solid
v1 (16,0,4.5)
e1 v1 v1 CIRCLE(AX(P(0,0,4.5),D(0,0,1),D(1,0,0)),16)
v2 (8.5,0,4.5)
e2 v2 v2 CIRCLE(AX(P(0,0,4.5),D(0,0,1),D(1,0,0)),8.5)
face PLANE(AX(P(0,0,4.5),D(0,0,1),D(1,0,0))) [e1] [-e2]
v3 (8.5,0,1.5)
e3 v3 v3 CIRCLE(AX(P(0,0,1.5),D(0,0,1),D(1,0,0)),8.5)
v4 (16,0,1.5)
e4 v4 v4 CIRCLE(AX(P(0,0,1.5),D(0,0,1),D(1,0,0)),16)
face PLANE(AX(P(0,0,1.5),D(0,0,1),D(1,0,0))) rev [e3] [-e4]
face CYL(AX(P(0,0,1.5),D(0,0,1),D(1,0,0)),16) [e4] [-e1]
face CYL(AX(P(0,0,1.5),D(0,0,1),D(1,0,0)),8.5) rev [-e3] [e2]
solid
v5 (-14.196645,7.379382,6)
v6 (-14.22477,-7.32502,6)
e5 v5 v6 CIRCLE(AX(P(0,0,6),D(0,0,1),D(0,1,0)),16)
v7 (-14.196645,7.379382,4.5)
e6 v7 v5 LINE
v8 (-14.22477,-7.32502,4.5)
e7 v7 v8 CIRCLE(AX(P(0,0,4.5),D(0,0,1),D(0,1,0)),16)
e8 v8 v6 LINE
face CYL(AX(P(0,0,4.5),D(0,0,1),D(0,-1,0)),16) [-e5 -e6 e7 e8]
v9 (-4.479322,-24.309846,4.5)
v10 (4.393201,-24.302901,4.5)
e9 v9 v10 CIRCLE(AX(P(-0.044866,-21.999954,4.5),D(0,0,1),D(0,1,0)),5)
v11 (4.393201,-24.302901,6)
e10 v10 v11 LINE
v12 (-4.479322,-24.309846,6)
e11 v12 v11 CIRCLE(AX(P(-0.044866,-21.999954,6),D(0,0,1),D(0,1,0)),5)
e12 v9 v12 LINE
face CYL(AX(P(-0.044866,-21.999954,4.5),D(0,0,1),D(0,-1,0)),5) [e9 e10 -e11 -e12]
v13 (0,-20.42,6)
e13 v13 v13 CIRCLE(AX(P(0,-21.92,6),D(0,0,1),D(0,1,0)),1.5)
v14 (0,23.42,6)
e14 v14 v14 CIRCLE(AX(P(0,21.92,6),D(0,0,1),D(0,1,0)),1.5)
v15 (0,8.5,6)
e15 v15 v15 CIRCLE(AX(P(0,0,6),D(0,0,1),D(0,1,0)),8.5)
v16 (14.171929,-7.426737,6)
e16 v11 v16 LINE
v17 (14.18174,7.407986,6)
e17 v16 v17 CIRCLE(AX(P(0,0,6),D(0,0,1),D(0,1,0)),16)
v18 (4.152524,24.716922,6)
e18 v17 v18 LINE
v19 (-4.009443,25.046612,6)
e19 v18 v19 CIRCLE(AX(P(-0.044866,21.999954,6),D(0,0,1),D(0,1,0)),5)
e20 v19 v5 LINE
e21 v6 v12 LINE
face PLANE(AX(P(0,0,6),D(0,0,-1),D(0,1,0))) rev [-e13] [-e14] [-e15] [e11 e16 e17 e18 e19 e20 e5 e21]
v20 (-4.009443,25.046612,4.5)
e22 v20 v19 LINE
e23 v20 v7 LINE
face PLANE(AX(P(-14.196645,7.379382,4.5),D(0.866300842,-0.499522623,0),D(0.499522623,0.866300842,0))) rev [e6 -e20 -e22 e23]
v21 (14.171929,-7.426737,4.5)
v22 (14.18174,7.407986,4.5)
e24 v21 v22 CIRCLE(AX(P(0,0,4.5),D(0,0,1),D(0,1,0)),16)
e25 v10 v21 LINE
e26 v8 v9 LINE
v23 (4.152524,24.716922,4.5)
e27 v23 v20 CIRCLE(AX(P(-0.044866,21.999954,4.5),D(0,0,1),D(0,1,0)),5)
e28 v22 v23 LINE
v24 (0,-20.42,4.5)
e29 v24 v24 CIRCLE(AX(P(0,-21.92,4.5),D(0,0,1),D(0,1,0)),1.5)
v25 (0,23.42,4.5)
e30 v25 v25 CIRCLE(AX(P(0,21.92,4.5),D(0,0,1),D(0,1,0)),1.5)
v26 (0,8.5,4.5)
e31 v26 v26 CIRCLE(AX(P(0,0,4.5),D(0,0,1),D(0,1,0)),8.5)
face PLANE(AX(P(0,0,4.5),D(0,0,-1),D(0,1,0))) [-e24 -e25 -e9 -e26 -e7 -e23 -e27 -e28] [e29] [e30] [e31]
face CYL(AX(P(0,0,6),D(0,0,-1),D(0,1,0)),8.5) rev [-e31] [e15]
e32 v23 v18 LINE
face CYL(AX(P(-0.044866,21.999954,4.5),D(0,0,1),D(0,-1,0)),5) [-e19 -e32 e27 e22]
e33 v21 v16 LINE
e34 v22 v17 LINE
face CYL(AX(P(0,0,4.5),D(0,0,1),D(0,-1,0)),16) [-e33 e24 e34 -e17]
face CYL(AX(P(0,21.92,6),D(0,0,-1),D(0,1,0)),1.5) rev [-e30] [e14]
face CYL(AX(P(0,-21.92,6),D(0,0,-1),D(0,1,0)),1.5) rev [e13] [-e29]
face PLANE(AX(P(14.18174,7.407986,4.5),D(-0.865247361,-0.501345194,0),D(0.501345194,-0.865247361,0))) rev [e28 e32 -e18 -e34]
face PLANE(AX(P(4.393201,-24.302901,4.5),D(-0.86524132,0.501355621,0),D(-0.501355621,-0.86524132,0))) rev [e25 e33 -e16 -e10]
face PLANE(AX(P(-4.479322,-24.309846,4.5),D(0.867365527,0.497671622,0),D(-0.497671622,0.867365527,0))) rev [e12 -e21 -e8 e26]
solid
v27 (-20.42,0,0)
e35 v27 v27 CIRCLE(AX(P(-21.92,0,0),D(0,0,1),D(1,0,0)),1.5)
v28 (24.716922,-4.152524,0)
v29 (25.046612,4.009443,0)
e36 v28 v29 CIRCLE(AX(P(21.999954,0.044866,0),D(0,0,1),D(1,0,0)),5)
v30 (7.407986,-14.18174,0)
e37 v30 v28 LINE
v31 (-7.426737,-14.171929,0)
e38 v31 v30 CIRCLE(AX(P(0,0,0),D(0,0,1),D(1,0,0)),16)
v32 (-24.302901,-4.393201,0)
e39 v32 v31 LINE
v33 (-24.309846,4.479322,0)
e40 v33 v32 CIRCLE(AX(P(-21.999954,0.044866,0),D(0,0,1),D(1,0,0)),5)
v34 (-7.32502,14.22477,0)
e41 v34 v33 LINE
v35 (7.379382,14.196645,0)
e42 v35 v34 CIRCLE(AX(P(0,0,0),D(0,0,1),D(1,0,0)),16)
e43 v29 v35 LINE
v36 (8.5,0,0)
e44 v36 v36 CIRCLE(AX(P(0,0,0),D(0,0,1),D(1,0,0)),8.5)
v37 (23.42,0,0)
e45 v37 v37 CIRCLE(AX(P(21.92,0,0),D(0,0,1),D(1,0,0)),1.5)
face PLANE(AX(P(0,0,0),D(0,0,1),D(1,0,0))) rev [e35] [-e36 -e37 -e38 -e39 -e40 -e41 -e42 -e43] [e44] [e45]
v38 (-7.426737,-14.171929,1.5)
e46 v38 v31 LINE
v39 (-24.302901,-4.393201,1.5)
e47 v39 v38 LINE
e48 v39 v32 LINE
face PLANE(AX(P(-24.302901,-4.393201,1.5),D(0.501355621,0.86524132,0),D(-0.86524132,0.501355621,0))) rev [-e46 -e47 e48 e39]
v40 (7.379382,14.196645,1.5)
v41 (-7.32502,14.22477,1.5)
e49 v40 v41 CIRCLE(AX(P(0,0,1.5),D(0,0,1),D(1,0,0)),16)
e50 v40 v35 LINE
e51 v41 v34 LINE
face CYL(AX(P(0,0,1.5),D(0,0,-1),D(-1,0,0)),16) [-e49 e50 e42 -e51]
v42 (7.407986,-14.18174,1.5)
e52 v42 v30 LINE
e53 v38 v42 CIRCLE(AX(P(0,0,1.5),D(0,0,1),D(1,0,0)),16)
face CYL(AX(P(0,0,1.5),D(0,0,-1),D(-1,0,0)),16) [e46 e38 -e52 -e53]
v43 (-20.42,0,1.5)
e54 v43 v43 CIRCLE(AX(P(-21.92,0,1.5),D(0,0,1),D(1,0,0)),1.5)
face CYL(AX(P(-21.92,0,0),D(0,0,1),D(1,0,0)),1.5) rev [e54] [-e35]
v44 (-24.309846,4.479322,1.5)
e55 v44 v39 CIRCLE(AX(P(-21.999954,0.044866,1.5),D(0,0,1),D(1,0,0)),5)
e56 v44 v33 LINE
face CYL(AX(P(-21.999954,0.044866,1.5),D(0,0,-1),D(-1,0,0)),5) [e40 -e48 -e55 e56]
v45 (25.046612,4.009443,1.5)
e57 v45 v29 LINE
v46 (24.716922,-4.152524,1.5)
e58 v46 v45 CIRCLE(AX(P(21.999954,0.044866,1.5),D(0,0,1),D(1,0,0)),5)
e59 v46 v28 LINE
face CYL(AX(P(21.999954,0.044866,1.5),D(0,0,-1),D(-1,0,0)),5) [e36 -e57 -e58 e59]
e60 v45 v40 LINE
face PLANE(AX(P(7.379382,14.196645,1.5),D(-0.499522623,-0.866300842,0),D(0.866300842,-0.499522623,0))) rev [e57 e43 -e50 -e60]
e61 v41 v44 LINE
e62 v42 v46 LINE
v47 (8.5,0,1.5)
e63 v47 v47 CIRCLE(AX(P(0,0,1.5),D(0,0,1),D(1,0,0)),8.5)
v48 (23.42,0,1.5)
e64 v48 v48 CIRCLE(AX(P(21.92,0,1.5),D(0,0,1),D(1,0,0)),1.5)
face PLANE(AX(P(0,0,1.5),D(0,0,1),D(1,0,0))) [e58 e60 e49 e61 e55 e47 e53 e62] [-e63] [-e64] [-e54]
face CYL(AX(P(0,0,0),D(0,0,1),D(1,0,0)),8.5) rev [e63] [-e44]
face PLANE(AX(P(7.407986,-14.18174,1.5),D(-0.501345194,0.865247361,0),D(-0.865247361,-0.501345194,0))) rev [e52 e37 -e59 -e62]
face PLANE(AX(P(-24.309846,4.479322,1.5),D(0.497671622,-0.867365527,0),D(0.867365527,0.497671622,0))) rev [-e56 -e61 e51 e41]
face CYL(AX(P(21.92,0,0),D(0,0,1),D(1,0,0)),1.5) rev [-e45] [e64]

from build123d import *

# Parameters (mm, degrees)
BOSS_EXTRUDE1_DEPTH      = 1.5
SKETCH2_R                = 1.5
SKETCH2_R_2              = 8.5
CUT_EXTRUDE1_DEPTH       = 32.420495375
BODY_MOVE_COPY1_ANGLE    = 90
BOSS_EXTRUDE2_DEPTH      = 1.5
BOSS_EXTRUDE2_DEPTH_BACK = 1.5
SKETCH3_R                = 16
SKETCH3_R_2              = 8.5


with BuildPart() as part:
    # Sketch1 → Boss-Extrude1 (new body)
    with BuildSketch(Plane.XY):
        with BuildLine():
            Line((7.379381976, 14.196644732), (25.046611975, 4.009443432))
            ThreePointArc((25.046611975, 4.009443432), (26.995880172, -0.156936678), (24.716922459, -4.152524428))
            Line((24.716922459, -4.152524428), (7.407985651, -14.181739971))
            ThreePointArc((7.407985651, -14.181739971), (-0.010581597, -15.999996501), (-7.426737349, -14.171929027))
            Line((-7.426737349, -14.171929027), (-24.302900872, -4.393201109))
            ThreePointArc((-24.302900872, -4.393201109), (-26.99995272, 0.040951738), (-24.309846191, 4.479321596))
            Line((-24.309846191, 4.479321596), (-7.325019927, 14.224770053))
            ThreePointArc((-7.325019927, 14.224770053), (0.030603374, 15.999970732), (7.379381976, 14.196644732))
        make_face()
    extrude(amount=BOSS_EXTRUDE1_DEPTH)

    # Sketch2 → Cut-Extrude1 (cut, through all)
    with BuildSketch(Plane.XY.offset(1.5)):
        with Locations((-21.92, 0)):
            Circle(SKETCH2_R)
        with Locations((21.92, 0)):
            Circle(SKETCH2_R)
        Circle(SKETCH2_R_2)
    extrude(amount=-CUT_EXTRUDE1_DEPTH, mode=Mode.SUBTRACT)


with BuildPart() as body_2:
    # Mirror2: mirrored copy
    add(part.part.mirror(Plane.XY.offset(3)))


with BuildPart() as body_2_1:
    # Body-Move/Copy1: moved
    add(body_2.part.rotate(Axis((0, 0, 0), (0, 0, 1)), BODY_MOVE_COPY1_ANGLE))


with BuildPart() as body_3:
    # Sketch3 → Boss-Extrude2 (new, two sides: drawn at the far end of the back side and taken through both)
    with BuildSketch(Plane.XY.offset(3).offset(-BOSS_EXTRUDE2_DEPTH_BACK)):
        Circle(SKETCH3_R)
        Circle(SKETCH3_R_2, mode=Mode.SUBTRACT)
    extrude(amount=BOSS_EXTRUDE2_DEPTH + BOSS_EXTRUDE2_DEPTH_BACK)


solid = Compound([part.part, body_2_1.part, body_3.part])
